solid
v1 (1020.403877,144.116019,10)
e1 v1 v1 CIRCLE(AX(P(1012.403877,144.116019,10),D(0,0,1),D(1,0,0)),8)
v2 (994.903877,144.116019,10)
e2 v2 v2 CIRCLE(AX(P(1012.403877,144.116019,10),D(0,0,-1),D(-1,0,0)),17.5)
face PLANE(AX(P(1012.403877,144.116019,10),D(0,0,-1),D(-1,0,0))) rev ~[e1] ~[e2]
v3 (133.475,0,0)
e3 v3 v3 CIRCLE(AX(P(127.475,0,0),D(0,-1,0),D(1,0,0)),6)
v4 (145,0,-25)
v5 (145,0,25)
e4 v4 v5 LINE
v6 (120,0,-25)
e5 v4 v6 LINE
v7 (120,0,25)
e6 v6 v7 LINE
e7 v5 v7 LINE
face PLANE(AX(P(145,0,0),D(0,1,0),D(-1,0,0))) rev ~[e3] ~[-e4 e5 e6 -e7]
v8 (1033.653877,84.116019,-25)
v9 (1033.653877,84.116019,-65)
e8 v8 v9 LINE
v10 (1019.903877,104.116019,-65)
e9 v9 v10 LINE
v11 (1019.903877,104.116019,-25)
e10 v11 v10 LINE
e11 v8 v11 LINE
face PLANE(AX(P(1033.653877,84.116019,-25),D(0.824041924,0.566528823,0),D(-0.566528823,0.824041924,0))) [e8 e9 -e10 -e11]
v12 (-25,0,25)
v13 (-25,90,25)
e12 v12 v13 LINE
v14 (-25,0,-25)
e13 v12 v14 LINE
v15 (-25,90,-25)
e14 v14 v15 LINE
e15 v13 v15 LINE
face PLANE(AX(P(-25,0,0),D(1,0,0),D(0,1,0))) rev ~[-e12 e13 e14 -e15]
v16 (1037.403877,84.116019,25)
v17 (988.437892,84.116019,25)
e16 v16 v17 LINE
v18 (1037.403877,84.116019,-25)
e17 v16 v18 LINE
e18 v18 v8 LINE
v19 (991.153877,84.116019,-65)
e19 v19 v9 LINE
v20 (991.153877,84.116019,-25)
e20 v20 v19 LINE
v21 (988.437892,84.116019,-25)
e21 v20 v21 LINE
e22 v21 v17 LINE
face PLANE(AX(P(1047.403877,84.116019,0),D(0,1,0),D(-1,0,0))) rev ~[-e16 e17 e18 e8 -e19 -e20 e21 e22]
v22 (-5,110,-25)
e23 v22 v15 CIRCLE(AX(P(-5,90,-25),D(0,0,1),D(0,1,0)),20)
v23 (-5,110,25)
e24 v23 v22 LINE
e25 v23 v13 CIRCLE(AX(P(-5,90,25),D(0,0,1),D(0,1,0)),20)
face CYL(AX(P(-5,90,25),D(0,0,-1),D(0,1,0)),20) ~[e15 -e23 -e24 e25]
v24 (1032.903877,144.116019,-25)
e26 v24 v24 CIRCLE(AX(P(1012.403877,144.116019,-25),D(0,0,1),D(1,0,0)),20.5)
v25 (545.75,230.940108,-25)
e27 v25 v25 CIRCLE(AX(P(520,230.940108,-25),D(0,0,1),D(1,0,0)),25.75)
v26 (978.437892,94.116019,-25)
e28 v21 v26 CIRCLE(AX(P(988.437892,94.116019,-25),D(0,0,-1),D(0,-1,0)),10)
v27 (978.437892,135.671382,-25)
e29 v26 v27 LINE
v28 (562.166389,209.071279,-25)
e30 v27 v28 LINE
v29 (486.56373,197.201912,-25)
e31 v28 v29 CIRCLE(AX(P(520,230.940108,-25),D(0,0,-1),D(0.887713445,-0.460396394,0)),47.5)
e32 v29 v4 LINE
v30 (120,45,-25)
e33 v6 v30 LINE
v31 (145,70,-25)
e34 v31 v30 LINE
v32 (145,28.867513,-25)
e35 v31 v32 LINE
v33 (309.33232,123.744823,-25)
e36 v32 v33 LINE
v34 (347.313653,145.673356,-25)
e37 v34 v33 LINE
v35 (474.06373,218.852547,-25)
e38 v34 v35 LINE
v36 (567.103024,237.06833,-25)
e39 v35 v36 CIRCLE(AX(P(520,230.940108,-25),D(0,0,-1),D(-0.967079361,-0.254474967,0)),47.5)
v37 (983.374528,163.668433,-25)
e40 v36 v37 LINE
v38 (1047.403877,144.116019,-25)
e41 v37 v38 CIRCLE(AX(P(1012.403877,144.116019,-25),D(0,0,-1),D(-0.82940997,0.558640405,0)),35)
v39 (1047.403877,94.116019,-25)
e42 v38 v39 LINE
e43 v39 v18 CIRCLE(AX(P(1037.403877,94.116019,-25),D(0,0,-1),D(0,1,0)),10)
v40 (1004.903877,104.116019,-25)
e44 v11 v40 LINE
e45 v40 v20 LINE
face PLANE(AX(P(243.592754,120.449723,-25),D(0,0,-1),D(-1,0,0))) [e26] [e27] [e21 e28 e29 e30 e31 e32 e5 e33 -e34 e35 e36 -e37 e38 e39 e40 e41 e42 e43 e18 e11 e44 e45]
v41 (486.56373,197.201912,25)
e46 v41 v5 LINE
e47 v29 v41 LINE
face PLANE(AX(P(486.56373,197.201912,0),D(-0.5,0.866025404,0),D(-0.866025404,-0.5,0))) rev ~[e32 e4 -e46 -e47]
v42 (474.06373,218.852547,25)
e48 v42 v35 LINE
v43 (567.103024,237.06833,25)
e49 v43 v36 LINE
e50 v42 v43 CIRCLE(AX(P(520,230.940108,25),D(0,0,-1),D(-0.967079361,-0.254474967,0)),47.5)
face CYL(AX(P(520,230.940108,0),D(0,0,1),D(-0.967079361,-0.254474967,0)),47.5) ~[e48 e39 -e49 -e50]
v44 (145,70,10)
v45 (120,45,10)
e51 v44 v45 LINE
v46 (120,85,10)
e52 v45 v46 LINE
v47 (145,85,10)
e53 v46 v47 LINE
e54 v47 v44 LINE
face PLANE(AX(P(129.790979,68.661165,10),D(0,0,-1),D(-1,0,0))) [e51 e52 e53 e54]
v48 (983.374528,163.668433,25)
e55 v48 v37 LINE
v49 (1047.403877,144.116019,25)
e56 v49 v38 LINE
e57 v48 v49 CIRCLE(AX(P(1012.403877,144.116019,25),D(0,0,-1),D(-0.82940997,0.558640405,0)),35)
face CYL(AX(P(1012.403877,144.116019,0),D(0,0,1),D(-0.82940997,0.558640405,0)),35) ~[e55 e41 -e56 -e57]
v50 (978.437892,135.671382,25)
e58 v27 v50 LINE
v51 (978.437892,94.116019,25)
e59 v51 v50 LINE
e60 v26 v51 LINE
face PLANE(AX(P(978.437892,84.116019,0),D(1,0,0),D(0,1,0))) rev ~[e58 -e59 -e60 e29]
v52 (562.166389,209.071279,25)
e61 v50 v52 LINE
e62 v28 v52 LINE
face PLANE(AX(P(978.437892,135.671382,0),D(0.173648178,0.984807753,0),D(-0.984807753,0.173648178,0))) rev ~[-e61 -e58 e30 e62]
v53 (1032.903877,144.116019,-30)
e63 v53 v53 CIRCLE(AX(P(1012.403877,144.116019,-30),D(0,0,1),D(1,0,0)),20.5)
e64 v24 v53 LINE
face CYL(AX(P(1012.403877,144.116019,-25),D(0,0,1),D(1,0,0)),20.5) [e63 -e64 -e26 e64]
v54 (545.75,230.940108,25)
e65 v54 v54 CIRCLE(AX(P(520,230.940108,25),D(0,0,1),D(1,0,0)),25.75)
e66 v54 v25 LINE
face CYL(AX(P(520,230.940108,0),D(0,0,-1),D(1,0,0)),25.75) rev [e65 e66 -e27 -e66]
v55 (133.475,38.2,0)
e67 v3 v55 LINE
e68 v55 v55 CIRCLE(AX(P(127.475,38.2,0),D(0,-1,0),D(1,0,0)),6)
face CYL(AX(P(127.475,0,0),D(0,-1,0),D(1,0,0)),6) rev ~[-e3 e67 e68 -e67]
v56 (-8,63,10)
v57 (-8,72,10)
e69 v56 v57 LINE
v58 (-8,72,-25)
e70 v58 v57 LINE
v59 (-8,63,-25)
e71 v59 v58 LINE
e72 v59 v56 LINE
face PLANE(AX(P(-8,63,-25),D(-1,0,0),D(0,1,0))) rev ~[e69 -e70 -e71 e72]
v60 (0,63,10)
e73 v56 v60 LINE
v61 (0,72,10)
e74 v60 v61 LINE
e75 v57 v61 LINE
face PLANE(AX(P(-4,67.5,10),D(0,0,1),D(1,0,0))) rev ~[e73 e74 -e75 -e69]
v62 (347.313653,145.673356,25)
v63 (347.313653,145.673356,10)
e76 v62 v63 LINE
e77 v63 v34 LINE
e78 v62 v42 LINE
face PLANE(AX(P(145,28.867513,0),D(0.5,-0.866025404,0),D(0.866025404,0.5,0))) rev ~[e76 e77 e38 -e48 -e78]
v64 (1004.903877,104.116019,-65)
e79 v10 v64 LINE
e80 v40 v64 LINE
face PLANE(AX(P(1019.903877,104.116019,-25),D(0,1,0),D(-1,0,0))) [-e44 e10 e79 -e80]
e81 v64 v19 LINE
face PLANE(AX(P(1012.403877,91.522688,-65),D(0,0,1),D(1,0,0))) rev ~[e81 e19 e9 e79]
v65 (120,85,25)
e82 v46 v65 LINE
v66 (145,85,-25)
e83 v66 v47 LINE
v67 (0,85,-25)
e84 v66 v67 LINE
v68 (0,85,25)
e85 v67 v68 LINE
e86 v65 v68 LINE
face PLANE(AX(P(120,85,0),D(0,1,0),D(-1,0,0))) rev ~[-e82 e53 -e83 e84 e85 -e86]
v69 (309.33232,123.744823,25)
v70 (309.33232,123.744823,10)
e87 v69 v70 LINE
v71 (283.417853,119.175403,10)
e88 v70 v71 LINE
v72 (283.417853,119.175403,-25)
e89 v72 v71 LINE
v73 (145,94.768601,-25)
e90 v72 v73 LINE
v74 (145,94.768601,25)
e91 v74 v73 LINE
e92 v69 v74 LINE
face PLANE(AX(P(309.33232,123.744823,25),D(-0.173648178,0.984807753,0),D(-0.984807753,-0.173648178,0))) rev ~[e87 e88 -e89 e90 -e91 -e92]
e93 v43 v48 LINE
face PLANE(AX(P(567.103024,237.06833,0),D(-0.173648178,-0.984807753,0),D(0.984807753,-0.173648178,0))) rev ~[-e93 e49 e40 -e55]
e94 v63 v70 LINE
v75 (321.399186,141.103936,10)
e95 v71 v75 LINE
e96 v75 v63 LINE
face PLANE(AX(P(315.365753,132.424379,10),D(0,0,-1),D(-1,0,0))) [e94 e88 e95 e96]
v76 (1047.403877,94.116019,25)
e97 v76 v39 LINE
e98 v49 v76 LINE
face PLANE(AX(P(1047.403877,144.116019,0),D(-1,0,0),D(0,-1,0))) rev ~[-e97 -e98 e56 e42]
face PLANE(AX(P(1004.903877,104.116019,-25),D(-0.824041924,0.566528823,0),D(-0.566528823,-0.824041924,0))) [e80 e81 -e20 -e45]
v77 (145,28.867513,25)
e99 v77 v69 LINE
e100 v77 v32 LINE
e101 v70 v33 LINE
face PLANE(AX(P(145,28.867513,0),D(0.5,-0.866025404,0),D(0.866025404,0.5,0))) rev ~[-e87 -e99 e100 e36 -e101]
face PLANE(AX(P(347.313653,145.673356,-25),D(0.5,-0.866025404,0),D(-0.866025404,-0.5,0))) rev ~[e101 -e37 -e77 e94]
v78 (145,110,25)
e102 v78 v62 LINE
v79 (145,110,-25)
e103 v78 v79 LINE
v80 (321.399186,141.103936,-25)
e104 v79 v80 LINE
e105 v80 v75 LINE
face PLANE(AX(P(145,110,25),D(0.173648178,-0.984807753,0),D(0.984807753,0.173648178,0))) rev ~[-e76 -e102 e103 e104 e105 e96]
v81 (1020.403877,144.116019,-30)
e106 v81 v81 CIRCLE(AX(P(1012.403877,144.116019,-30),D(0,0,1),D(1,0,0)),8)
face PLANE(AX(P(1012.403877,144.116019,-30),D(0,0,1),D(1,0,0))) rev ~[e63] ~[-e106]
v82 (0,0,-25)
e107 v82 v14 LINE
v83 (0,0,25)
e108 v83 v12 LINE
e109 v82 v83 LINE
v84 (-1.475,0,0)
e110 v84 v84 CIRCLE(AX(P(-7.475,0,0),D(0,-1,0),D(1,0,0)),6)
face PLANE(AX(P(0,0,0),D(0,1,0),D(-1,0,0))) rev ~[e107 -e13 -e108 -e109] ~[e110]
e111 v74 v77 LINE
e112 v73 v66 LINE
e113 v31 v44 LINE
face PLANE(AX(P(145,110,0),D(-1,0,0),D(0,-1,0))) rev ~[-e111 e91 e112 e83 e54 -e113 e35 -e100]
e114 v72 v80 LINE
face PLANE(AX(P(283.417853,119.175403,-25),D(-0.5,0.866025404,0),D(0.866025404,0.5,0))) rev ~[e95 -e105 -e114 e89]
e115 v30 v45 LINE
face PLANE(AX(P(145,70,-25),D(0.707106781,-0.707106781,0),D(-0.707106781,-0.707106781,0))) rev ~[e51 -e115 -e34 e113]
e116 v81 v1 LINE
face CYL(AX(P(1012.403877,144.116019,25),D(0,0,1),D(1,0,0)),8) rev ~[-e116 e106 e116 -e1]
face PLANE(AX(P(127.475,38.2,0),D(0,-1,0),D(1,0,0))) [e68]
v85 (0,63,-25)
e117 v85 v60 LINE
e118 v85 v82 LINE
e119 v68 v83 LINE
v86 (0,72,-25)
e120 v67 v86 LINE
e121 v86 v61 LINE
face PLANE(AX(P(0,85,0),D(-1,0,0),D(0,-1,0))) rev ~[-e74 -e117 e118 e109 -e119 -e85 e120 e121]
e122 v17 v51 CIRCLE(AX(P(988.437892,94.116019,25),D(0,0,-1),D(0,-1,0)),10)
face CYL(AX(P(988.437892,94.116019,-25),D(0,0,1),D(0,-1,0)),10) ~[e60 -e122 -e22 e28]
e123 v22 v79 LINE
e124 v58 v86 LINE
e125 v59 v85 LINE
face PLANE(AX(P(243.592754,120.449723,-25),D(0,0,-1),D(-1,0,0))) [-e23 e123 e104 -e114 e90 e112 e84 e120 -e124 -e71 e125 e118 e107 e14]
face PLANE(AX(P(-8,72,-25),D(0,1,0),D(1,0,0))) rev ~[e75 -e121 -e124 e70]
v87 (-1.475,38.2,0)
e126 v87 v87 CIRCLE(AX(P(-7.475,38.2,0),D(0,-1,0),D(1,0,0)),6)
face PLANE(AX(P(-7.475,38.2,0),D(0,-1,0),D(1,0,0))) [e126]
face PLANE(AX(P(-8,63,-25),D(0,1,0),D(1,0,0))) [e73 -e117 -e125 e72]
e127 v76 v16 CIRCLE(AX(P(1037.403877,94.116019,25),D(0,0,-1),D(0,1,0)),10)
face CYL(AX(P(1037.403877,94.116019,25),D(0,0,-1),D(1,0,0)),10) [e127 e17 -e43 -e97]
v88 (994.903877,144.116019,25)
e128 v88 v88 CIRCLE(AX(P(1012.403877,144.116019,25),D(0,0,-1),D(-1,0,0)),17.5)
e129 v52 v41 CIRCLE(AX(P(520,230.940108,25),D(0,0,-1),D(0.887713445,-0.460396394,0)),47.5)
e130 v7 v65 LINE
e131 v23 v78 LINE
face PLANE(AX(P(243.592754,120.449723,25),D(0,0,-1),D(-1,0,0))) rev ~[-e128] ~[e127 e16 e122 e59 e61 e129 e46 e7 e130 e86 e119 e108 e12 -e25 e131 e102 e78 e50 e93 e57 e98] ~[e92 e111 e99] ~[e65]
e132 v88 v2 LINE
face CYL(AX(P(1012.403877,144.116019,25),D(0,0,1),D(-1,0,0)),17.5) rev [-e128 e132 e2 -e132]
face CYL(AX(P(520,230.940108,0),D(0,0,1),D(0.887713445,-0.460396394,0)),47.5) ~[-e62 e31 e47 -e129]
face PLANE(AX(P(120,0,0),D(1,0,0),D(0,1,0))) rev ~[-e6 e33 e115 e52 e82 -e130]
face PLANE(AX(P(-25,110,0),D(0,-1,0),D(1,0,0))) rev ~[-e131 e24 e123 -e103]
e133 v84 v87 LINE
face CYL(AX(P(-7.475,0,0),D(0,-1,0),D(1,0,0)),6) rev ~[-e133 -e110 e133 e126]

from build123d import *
from OCP.BRepFilletAPI import BRepFilletAPI_MakeFillet

# Parameters (mm, degrees)
SKETCH1_R           = 25.75
BOSS_EXTRUDE1_DEPTH = 25
SKETCH2_R           = 20.5
SKETCH2_R_2         = 8
BOSS_EXTRUDE2_DEPTH = 5
BOSS_EXTRUDE3_DEPTH = 50
SKETCH5_R           = 8
CUT_EXTRUDE1_DEPTH  = 1086.176840005
SKETCH6_R           = 17.5
CUT_EXTRUDE2_DEPTH  = 15
SKETCH7_W           = 8
SKETCH7_H           = 9
CUT_EXTRUDE3_DEPTH  = 35
BOSS_EXTRUDE4_DEPTH = 40
SKETCH9_R           = 6
CUT_EXTRUDE4_DEPTH  = 38.2
FILLET1_R1          = 20
FILLET1_R2          = 10


with BuildPart() as part:
    # Sketch1 → Boss-Extrude1 (new, symmetric)
    with BuildSketch(Plane.XY):
        with BuildLine():
            Line((0, 0), (-25, 0))
            Line((-25, 0), (-25, 110))
            Line((-25, 110), (145, 110))
            Line((145, 110), (145, 28.867513459))
            Line((145, 28.867513459), (474.063730334, 218.852546748))
            ThreePointArc((474.063730334, 218.852546748), (510.873444118, 277.555083571), (567.103024177, 237.06833037))
            Line((567.103024177, 237.06833037), (983.374527569, 163.668433022))
            ThreePointArc((983.374527569, 163.668433022), (1022.625735123, 177.590092488), (1047.403876506, 144.116018842))
            Line((1047.403876506, 144.116018842), (1047.403876506, 84.116018842))
            Line((1047.403876506, 84.116018842), (978.437892023, 84.116018842))
            Line((978.437892023, 84.116018842), (978.437892023, 135.671381603))
            Line((978.437892023, 135.671381603), (562.166388631, 209.071278951))
            ThreePointArc((562.166388631, 209.071278951), (527.367103522, 184.014892858), (486.563730334, 197.201911654))
            Line((486.563730334, 197.201911654), (145, 0))
            Line((145, 0), (120, 0))
            Line((120, 0), (120, 85))
            Line((120, 85), (0, 85))
            Line((0, 85), (0, 0))
        make_face()
        with Locations((520, 230.940107676)):
            Circle(SKETCH1_R, mode=Mode.SUBTRACT)
    extrude(amount=BOSS_EXTRUDE1_DEPTH, both=True)

    # Sketch2 → Boss-Extrude2 (add)
    with BuildSketch(Plane.XY.offset(-25)):
        with Locations((1012.403876506, 144.116018842)):
            Circle(SKETCH2_R)
        with Locations((1012.403876506, 144.116018842)):
            Circle(SKETCH2_R_2, mode=Mode.SUBTRACT)
    extrude(amount=-BOSS_EXTRUDE2_DEPTH)

    # Sketch4 → Boss-Extrude3 (add)
    with BuildSketch(Plane.XY.offset(25)):
        Polygon((145, 110), (347.313653274, 145.673355638), (309.33231998, 123.744822637), (145, 94.768600822), align=None)
    extrude(amount=-BOSS_EXTRUDE3_DEPTH)

    # Sketch5 → Cut-Extrude1 (cut, through all)
    with BuildSketch(Plane.XY.offset(25)):
        with Locations((1012.403876506, 144.116018842)):
            Circle(SKETCH5_R)
    extrude(amount=-CUT_EXTRUDE1_DEPTH, mode=Mode.SUBTRACT)

    # Sketch6 → Cut-Extrude2 (cut)
    with BuildSketch(Plane(origin=(0, 0, 25), x_dir=(-1, 0, 0), z_dir=(0, 0, -1))):
        with Locations((-1012.403876506, 144.116018842)):
            Circle(SKETCH6_R)
    extrude(amount=CUT_EXTRUDE2_DEPTH, mode=Mode.SUBTRACT)

    # Sketch7 → Cut-Extrude3 (cut)
    with BuildSketch(Plane.XY.offset(-25)):
        Polygon((120, 85), (145, 85), (145, 70), (120, 45), align=None)
        Polygon((347.313653274, 145.673355638), (309.33231998, 123.744822637), (283.417852806, 119.175402883), (321.3991861, 141.103935884), align=None)
        with Locations((-4, 67.5)):
            Rectangle(SKETCH7_W, SKETCH7_H)
    extrude(amount=CUT_EXTRUDE3_DEPTH, mode=Mode.SUBTRACT)

    # Sketch8 → Boss-Extrude4 (add)
    with BuildSketch(Plane.XY.offset(-25)):
        Polygon((991.153876506, 84.116018842), (1033.653876506, 84.116018842), (1019.903876506, 104.116018842), (1004.903876506, 104.116018842), align=None)
    extrude(amount=-BOSS_EXTRUDE4_DEPTH)

    # Sketch9 → Cut-Extrude4 (cut)
    with BuildSketch(Plane.XZ):
        with Locations((-7.475, 0)):
            Circle(SKETCH9_R)
        with Locations((127.475, 0)):
            Circle(SKETCH9_R)
    extrude(amount=-CUT_EXTRUDE4_DEPTH, mode=Mode.SUBTRACT)

    # Fillet1: one fillet with a radius per group of edges: ONE call of the kernel's fillet builder (fillet() takes one radius for all edges)
    fillet1_edges_1 = [part.edges().sort_by_distance(p)[0] for p in [
        (-25, 110, 0),
    ]]
    fillet1_edges_2 = [part.edges().sort_by_distance(p)[0] for p in [
        (1047.403876506, 84.116018842, 0),
        (978.437892023, 84.116018842, 0),
    ]]
    fillet1 = BRepFilletAPI_MakeFillet(part.part.solid().wrapped)
    for e in fillet1_edges_1:
        fillet1.Add(FILLET1_R1, e.wrapped)
    for e in fillet1_edges_2:
        fillet1.Add(FILLET1_R2, e.wrapped)
    add(Compound.cast(fillet1.Shape()), mode=Mode.REPLACE)


solid = part.part
